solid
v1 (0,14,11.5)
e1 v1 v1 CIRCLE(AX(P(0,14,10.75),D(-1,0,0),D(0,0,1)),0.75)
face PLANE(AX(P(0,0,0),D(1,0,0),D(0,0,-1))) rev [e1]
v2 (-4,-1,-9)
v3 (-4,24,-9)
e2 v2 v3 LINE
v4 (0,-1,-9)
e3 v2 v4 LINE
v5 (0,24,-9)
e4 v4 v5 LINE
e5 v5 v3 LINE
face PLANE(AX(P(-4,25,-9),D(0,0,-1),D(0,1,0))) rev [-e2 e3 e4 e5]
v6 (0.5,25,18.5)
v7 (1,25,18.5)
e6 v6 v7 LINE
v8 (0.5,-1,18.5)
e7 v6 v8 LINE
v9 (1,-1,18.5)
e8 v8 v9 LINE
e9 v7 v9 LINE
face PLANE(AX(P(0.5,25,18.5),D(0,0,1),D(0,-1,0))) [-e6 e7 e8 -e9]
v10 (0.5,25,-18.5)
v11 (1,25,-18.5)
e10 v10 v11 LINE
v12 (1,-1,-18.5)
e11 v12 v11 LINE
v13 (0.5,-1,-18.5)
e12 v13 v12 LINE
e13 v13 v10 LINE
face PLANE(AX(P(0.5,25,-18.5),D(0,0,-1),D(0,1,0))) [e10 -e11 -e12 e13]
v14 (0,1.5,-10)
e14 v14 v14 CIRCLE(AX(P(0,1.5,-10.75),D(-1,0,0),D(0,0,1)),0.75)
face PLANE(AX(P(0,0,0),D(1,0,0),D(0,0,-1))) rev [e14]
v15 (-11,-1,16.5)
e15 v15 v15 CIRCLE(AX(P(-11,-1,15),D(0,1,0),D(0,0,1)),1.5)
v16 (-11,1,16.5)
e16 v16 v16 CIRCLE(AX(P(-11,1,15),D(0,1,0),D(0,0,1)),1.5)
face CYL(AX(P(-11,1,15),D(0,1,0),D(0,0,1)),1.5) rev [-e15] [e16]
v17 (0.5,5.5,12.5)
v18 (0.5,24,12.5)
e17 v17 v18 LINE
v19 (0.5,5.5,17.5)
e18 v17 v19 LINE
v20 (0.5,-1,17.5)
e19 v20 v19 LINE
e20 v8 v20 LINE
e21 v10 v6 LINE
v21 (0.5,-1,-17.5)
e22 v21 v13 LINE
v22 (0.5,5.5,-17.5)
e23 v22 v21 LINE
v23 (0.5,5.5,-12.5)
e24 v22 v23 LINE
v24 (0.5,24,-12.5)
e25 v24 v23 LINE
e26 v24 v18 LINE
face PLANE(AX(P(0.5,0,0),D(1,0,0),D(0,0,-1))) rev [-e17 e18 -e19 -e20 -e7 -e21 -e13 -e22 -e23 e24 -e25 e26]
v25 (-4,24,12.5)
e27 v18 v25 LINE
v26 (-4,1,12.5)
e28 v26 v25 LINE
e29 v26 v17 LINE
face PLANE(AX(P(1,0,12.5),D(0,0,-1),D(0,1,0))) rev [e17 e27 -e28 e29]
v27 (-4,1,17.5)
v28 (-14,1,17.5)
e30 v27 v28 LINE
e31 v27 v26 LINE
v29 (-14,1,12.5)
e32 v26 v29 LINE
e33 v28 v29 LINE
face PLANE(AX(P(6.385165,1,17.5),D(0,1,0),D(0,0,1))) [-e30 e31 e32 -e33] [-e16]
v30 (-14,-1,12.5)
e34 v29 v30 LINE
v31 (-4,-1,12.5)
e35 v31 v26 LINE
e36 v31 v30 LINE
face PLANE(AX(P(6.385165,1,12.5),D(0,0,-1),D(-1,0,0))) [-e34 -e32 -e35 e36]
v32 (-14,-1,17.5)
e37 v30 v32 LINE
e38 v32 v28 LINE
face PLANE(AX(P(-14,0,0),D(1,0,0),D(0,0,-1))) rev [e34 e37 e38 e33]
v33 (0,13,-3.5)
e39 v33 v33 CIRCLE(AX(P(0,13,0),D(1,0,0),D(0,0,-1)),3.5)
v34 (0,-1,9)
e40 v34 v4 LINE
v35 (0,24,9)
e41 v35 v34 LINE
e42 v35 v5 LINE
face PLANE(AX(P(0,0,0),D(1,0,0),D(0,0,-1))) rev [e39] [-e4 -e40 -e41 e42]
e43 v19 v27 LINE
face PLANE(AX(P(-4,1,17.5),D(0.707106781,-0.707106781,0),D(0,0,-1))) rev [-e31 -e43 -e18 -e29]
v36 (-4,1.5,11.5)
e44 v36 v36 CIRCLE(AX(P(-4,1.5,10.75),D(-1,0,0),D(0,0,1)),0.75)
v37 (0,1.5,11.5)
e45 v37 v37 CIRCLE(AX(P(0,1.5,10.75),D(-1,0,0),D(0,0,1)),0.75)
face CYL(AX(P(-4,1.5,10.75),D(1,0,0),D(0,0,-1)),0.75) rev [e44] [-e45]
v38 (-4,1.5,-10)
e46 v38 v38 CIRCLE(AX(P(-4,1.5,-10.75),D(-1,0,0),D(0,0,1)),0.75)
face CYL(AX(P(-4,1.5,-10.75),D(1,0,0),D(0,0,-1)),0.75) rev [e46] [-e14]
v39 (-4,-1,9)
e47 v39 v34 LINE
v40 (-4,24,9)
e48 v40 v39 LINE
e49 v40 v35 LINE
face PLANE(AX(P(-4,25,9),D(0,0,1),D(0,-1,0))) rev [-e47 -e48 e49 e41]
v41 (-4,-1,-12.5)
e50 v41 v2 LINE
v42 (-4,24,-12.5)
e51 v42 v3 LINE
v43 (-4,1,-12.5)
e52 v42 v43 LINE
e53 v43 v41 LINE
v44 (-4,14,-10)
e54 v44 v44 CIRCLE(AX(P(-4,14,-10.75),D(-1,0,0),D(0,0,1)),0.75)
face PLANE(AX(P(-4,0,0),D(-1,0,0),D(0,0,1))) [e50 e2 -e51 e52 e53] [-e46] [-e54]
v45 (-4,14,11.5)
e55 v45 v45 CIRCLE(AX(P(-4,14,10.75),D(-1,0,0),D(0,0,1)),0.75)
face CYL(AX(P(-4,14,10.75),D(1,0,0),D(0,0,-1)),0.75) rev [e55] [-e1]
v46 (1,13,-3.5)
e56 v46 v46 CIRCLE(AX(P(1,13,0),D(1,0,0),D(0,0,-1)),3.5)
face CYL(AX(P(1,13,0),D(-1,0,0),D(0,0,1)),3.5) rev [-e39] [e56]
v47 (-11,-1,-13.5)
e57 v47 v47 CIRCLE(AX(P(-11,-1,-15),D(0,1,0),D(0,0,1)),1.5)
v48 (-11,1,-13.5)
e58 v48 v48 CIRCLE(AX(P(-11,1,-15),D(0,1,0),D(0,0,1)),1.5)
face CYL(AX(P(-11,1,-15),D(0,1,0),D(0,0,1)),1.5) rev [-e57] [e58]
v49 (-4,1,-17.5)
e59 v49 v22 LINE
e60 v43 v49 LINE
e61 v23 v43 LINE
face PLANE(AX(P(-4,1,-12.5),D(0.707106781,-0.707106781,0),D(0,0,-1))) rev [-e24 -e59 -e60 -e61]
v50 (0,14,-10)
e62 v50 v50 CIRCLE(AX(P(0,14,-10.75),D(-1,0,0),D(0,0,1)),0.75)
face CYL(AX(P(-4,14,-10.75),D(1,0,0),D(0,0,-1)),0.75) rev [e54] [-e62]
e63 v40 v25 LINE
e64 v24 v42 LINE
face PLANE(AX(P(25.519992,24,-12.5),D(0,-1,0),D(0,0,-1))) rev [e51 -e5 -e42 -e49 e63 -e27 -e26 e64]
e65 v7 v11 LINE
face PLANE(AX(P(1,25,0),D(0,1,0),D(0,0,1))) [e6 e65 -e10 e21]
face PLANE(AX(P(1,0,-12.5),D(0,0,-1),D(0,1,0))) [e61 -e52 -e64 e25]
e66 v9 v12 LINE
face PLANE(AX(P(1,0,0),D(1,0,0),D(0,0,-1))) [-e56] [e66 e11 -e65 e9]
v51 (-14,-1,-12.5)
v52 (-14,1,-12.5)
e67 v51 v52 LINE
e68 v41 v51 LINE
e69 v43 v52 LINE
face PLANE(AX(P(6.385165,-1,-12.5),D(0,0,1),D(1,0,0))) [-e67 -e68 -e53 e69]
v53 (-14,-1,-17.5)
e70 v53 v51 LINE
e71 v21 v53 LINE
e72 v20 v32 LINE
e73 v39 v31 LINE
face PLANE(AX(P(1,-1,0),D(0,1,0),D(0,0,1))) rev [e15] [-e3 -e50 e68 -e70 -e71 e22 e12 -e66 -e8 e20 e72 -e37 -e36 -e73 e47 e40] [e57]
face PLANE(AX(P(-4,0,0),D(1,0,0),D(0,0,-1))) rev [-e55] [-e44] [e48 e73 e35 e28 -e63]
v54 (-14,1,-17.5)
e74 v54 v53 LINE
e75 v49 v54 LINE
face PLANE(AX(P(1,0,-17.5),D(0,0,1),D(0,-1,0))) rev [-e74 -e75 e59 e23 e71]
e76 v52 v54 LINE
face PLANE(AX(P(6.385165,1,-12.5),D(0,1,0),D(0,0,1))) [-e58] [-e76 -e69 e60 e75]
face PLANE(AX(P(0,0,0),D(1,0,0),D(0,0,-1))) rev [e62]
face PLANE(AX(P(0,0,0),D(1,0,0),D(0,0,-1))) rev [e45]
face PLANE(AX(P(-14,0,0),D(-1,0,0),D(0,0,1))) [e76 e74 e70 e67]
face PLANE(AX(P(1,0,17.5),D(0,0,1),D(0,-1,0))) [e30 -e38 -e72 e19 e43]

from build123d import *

# Parameters (mm, degrees)
SKIZZE2_W                      = 25
SKIZZE2_H                      = 25
SKIZZE2_R                      = 3.5
FRONT_FACE_DEPTH               = 1
SKIZZE3_W                      = 3.5
SKIZZE3_H                      = 26
SKIZZE3_R                      = 0.75
CAMERA_SPACER_DEPTH            = 4
FLOOR_PLATE_DEPTH              = 14
FLOOR_PLATE_DEPTH_BACK         = 0.5
SKIZZE6_W                      = 5
SKIZZE6_H                      = 2
SKIZZE7_W                      = 6
SKIZZE7_H                      = 26
SIDE_COVERS_DEPTH              = 0.5
TOP_COVER_REACH                = 34.669
SKIZZE8_W                      = 25
SKIZZE8_H                      = 1
FASE1_SIZE                     = 4.5
F_3_0_3_DURCHMESSER_BOHRUNG1_D = 3


with BuildPart() as part:
    # Skizze2 → Front Face (new body)
    # profile 1 of 2: a face of its own
    with BuildSketch(Plane(origin=(0, 0, 0), x_dir=(0, 0, -1), z_dir=(1, 0, 0))):
        with Locations((0, 12.5)):
            Rectangle(SKIZZE2_W, SKIZZE2_H)
        with Locations((0, 13)):
            Circle(SKIZZE2_R, mode=Mode.SUBTRACT)
    # profile 2 of 2: a face of its own
    with BuildSketch(Plane(origin=(0, 0, 0), x_dir=(0, 0, -1), z_dir=(1, 0, 0))):
        Polygon((12.5, 0), (-12.5, 0), (-17.5, 0), (-17.5, -1), (17.5, -1), (17.5, 0), align=None)
    extrude(amount=FRONT_FACE_DEPTH)

    # Skizze3 → Camera Spacer (add)
    # profile 1 of 2: a face of its own
    with BuildSketch(Plane.ZY):
        with Locations((-10.75, 12)):
            Rectangle(SKIZZE3_W, SKIZZE3_H)
        with Locations((-10.75, 14)):
            Circle(SKIZZE3_R, mode=Mode.SUBTRACT)
        with Locations((-10.75, 1.5)):
            Circle(SKIZZE3_R, mode=Mode.SUBTRACT)
    # profile 2 of 2: a face of its own
    with BuildSketch(Plane.ZY):
        with Locations((10.75, 12)):
            Rectangle(SKIZZE3_W, SKIZZE3_H)
        with Locations((10.75, 1.5)):
            Circle(SKIZZE3_R, mode=Mode.SUBTRACT)
        with Locations((10.75, 14)):
            Circle(SKIZZE3_R, mode=Mode.SUBTRACT)
    extrude(amount=CAMERA_SPACER_DEPTH)

    # Skizze6 → Floor Plate (add, two sides: drawn at the far end of the back side and taken through both)
    with BuildSketch(Plane.ZY.offset(-FLOOR_PLATE_DEPTH_BACK)):
        with Locations((-15, 0)):
            Rectangle(SKIZZE6_W, SKIZZE6_H)
        with Locations((15, 0)):
            Rectangle(SKIZZE6_W, SKIZZE6_H)
    extrude(amount=FLOOR_PLATE_DEPTH + FLOOR_PLATE_DEPTH_BACK)

    # Skizze7 → Side Covers (add)
    with BuildSketch(Plane(origin=(1, 0, 0), x_dir=(0, 0, -1), z_dir=(1, 0, 0))):
        with Locations((15.5, 12)):
            Rectangle(SKIZZE7_W, SKIZZE7_H)
        with Locations((-15.5, 12)):
            Rectangle(SKIZZE7_W, SKIZZE7_H)
    extrude(amount=-SIDE_COVERS_DEPTH)

    # Top Cover: up to this face of the body (flat: up to its plane)
    top_cover_end = Plane(part.part.faces().sort_by_distance((0.5, 12.821917808, -15.534246575))[0])
    # Skizze8 → Top Cover (cut, up to the picked face)
    with BuildSketch(Plane.ZY.offset(4), mode=Mode.PRIVATE) as top_cover_sk1:
        with Locations((0, 24.5)):
            Rectangle(SKIZZE8_W, SKIZZE8_H)
    top_cover_tool1 = split(extrude(top_cover_sk1.sketch, amount=-TOP_COVER_REACH, mode=Mode.PRIVATE), bisect_by=top_cover_end, keep=Keep.BOTH, mode=Mode.PRIVATE)
    add(top_cover_tool1.solids().sort_by(Axis((-4, 24.5, 0), (1, 0, 0)))[0], mode=Mode.SUBTRACT)

    # Fase1
    fase1_edges = [part.edges().sort_by_distance(p)[0] for p in [
        (0.5, 1, 15),
        (0.5, 1, -15),
    ]]
    chamfer(fase1_edges, length=FASE1_SIZE)

    # Ø3.0 (3) Durchmesser Bohrung1 (through all)
    with Locations(Plane(origin=(0, 1, 0), x_dir=(1, 0, 0), z_dir=(0, 1, 0))):
        with Locations((-11, 15), (-11, -15)):
            Hole(F_3_0_3_DURCHMESSER_BOHRUNG1_D / 2)


solid = part.part
